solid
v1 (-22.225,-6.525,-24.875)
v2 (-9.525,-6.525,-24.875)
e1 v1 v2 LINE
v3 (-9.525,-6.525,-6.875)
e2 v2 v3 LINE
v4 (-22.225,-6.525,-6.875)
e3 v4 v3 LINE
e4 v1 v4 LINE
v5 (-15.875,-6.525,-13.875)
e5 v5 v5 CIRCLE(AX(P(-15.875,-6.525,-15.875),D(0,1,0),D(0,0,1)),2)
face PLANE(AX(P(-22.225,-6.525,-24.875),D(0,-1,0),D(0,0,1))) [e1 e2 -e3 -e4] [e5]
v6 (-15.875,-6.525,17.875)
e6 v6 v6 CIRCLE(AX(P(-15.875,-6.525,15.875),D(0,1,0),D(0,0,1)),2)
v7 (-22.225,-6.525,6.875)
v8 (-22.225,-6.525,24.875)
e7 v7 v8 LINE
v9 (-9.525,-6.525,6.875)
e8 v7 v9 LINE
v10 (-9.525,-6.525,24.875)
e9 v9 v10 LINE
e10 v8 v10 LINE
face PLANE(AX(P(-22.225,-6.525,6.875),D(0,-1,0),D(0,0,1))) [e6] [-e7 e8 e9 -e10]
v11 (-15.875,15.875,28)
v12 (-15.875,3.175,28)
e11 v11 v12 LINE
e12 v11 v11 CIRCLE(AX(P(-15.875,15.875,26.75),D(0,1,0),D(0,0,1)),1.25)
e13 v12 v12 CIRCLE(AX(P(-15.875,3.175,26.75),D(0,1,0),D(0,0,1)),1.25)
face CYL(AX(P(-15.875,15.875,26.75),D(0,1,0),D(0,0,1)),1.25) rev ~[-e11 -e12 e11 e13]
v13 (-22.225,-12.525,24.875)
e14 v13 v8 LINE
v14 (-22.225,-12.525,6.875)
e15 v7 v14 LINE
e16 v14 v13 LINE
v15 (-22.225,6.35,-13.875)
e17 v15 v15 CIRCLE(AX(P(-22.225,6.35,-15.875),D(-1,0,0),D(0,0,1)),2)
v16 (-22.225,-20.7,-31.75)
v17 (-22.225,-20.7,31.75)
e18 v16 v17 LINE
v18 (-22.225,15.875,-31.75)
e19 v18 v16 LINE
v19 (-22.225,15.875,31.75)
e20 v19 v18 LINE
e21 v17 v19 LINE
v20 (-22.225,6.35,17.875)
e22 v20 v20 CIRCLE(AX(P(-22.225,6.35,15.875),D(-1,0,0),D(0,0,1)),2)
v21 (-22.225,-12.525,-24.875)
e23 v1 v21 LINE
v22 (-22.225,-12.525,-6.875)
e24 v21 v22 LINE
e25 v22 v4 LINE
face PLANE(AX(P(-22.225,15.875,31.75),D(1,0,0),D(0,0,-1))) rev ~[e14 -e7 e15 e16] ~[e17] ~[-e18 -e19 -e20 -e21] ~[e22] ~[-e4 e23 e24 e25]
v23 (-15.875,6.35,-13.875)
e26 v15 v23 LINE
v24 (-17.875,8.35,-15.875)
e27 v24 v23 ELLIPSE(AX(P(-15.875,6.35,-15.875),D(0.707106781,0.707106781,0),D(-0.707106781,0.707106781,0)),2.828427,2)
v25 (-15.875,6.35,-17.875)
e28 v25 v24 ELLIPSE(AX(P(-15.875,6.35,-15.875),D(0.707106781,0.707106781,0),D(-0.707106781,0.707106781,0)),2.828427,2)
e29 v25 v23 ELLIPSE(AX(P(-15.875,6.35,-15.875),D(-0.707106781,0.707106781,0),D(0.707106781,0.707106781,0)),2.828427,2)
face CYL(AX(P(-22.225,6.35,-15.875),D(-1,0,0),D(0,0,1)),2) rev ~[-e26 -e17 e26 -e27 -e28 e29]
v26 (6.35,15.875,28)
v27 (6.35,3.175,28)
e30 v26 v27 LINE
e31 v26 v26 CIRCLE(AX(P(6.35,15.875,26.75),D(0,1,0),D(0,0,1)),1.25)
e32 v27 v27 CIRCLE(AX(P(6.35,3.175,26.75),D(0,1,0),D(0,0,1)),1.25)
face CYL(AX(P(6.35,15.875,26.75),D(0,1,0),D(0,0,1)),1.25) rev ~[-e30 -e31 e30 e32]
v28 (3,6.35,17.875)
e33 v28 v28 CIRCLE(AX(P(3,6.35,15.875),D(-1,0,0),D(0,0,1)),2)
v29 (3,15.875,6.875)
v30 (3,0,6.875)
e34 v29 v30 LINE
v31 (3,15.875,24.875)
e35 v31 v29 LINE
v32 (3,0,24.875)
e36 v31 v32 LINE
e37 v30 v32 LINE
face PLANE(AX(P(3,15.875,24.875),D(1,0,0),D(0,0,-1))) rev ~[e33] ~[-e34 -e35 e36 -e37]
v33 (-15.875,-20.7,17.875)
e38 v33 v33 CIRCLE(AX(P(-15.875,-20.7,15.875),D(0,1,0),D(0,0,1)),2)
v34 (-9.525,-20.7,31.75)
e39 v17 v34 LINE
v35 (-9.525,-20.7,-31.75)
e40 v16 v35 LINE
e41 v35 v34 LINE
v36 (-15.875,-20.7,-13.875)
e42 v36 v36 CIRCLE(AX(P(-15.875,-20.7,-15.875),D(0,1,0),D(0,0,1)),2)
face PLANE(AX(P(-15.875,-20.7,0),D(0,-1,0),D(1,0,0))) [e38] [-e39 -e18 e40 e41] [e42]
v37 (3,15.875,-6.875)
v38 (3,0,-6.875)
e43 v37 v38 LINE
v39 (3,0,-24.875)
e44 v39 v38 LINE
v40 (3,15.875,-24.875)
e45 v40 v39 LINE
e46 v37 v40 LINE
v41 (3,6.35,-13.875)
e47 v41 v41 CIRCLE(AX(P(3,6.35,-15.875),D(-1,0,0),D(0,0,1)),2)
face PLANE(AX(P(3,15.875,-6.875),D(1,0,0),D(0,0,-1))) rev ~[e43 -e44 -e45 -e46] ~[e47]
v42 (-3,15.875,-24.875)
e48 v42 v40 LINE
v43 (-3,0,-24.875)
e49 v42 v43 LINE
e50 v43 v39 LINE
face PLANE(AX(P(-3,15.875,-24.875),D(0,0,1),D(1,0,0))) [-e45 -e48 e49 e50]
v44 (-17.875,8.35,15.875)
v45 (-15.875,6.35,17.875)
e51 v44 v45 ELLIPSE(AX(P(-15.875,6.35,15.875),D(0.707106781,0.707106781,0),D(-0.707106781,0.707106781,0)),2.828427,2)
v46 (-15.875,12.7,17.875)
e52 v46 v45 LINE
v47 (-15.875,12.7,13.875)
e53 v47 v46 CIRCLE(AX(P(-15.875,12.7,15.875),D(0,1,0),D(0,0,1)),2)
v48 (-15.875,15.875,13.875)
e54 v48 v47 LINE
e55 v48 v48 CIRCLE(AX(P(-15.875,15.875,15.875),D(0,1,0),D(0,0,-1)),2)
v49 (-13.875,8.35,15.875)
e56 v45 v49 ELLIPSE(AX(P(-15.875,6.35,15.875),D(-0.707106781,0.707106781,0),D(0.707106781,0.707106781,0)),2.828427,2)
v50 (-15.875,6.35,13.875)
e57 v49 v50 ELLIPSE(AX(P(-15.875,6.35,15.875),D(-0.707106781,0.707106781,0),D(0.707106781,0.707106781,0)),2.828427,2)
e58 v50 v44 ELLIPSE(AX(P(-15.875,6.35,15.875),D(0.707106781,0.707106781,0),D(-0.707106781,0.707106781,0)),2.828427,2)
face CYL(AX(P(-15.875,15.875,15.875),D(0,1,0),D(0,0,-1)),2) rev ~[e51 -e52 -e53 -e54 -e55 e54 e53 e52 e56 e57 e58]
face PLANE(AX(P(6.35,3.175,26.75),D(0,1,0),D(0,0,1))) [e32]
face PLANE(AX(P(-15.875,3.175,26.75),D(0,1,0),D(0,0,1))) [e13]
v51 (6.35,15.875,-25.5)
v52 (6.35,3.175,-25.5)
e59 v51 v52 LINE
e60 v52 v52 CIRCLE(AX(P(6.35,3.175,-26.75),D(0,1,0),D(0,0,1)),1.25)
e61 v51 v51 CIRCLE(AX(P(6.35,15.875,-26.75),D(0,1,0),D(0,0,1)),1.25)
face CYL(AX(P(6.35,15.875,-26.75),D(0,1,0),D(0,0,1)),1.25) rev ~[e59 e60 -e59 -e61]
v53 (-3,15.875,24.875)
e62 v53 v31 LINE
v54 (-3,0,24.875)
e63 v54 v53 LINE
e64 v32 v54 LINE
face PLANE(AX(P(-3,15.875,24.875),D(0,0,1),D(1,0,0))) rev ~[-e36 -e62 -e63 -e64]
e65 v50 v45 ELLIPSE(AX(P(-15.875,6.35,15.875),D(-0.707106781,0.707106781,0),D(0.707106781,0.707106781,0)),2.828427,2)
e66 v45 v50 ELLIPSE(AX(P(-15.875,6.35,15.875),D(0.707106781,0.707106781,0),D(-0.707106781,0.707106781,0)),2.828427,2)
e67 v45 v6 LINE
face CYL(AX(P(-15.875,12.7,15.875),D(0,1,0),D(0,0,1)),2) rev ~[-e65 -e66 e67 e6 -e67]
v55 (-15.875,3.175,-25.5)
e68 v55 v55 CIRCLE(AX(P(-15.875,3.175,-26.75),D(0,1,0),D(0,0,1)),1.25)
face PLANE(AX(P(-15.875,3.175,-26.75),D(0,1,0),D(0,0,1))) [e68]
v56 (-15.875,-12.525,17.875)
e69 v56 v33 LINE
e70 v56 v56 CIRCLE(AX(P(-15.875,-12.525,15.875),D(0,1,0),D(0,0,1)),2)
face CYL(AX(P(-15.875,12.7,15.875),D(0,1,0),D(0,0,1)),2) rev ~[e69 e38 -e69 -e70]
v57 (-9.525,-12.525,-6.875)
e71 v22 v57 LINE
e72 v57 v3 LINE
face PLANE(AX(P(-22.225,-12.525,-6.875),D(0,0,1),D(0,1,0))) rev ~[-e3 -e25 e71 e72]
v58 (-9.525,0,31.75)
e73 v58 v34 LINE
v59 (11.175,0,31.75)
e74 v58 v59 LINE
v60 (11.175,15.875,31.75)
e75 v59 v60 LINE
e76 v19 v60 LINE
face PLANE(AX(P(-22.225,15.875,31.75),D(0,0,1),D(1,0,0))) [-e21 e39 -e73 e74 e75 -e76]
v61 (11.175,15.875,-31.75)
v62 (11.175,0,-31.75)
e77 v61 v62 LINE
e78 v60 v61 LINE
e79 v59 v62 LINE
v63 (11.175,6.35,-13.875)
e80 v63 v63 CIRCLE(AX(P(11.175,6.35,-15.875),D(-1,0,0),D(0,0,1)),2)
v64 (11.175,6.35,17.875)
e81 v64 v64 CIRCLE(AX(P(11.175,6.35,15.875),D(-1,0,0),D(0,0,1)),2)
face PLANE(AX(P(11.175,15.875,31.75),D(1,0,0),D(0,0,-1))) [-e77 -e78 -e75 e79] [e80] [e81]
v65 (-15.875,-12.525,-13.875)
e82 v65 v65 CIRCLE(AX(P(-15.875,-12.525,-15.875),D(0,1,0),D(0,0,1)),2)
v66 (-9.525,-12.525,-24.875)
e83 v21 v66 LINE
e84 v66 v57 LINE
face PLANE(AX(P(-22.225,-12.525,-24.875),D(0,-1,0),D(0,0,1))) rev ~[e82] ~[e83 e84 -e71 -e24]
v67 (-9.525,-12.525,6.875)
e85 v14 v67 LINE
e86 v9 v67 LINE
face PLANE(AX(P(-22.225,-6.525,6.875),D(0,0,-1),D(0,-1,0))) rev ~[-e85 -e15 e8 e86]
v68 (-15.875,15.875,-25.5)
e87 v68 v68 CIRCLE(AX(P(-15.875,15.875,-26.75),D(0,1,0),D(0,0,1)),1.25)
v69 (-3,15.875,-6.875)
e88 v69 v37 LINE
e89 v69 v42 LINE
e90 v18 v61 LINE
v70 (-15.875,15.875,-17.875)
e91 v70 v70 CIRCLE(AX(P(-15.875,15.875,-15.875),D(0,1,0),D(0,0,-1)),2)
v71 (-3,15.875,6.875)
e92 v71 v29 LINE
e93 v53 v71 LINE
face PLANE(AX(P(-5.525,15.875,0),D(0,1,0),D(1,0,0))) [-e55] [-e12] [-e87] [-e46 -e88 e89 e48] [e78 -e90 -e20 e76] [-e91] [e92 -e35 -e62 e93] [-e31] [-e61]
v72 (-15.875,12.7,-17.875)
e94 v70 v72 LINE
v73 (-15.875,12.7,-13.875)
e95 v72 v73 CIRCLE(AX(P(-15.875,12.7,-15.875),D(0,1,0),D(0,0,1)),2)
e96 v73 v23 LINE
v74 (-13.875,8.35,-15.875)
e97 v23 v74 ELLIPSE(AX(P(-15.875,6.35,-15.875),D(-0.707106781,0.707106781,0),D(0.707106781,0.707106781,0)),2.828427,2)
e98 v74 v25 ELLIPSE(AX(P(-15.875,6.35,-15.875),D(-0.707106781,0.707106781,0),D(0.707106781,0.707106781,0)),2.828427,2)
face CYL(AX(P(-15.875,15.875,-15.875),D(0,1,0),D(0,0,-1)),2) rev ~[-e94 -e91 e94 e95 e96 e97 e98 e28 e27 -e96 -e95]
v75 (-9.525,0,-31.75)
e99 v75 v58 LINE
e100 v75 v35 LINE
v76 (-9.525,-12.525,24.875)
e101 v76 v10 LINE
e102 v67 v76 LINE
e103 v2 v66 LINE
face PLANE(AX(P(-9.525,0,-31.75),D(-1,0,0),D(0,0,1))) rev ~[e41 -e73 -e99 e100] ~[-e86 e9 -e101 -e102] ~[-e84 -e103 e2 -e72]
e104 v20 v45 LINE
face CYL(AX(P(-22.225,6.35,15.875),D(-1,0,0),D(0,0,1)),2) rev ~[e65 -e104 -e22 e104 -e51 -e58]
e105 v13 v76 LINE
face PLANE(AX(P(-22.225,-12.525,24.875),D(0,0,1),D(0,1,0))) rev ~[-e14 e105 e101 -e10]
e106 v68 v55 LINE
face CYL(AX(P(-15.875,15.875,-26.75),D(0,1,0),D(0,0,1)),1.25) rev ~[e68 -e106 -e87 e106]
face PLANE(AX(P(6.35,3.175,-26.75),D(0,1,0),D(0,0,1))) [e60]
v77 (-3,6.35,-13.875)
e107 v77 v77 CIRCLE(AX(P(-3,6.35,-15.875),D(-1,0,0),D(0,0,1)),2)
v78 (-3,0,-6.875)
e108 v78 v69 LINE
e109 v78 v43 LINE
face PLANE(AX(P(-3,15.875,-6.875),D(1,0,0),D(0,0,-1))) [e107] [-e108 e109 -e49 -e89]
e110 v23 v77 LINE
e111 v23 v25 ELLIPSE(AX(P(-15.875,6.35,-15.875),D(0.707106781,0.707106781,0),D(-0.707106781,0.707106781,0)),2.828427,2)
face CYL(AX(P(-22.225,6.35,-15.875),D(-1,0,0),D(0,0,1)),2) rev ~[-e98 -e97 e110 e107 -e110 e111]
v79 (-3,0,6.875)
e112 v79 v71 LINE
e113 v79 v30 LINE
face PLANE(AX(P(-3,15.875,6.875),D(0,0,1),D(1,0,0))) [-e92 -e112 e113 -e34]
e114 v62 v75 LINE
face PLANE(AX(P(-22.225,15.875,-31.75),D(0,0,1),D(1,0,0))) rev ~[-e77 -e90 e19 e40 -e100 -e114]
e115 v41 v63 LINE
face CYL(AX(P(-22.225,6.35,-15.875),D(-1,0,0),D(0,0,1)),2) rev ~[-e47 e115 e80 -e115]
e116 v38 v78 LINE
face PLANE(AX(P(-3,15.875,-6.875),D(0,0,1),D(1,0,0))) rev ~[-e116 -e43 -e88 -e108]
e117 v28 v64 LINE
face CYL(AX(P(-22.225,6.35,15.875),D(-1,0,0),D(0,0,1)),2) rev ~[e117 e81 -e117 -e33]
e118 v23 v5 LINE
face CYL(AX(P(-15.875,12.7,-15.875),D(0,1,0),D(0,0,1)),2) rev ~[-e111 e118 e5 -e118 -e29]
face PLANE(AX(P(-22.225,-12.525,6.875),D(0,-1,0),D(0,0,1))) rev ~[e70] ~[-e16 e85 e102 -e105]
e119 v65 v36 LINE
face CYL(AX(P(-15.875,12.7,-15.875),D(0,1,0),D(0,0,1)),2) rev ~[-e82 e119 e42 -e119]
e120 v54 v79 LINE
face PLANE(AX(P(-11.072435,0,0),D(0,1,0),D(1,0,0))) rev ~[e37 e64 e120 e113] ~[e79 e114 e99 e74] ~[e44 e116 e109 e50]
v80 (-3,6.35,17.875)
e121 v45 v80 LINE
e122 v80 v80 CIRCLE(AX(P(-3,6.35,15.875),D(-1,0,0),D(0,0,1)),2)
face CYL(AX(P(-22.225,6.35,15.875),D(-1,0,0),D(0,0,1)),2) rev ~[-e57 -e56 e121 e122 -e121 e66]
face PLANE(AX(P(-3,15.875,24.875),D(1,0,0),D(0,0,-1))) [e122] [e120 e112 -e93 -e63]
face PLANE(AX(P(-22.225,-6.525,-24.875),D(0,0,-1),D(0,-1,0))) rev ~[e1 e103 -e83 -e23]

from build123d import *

# Parameters (mm, degrees)
BOSS_EXTRUDE1_DEPTH = 12.7
SKETCH2_W           = 12.7
SKETCH2_H           = 63.5
BOSS_EXTRUDE2_DEPTH = 31.75
SKETCH3_W           = 18
SKETCH3_H           = 3
CUT_EXTRUDE1_DEPTH  = 19.05
SKETCH4_R           = 2
CUT_EXTRUDE2_DEPTH  = 59.973007597
SKETCH5_R           = 2
CUT_EXTRUDE3_DEPTH  = 64.181702256
SKETCH6_W           = 63.5
SKETCH6_H           = 12.7
CUT_EXTRUDE4_DEPTH  = 11.05
SKETCH7_W           = 12.7
SKETCH7_H           = 63.5
CUT_EXTRUDE5_DEPTH  = 11.05
BOSS_EXTRUDE3_START = 3.175
SKETCH8_W           = 33.4
SKETCH8_H           = 63.5
SKETCH8_R           = 2
SKETCH8_W_2         = 6
SKETCH8_H_2         = 18
BOSS_EXTRUDE3_DEPTH = 3.175
SKETCH9_R           = 1.25
CUT_EXTRUDE6_DEPTH  = 12.7


with BuildPart() as part:
    # Sketch1 → Boss-Extrude1 (new body)
    with BuildSketch(Plane(origin=(0, 0, 0), x_dir=(1, 0, 0), z_dir=(0, 1, 0))):
        Polygon((-22.225, 31.75), (-22.225, -31.75), (0, -31.75), (0, -24.875), (-3, -24.875), (-3, -6.875), (0, -6.875), (0, 0), (0, 6.875), (-3, 6.875), (-3, 24.875), (0, 24.875), (0, 31.75), align=None)
        Polygon((0, -24.875), (0, -31.75), (22.225, -31.75), (22.225, 31.75), (0, 31.75), (0, 24.875), (3, 24.875), (3, 6.875), (0, 6.875), (0, 0), (0, -6.875), (3, -6.875), (3, -24.875), align=None)
    extrude(amount=BOSS_EXTRUDE1_DEPTH)

    # Sketch2 → Boss-Extrude2 (add)
    with BuildSketch(Plane.XZ):
        with Locations((-15.875, 0)):
            Rectangle(SKETCH2_W, SKETCH2_H)
    extrude(amount=BOSS_EXTRUDE2_DEPTH)

    # Sketch3 → Cut-Extrude1 (cut)
    with BuildSketch(Plane.ZY.offset(22.225)):
        with Locations((-15.875, -8.025)):
            Rectangle(SKETCH3_W, SKETCH3_H)
        with Locations((-15.875, -11.025)):
            Rectangle(SKETCH3_W, SKETCH3_H)
        with Locations((15.875, -8.025)):
            Rectangle(SKETCH3_W, SKETCH3_H)
        with Locations((15.875, -11.025)):
            Rectangle(SKETCH3_W, SKETCH3_H)
    extrude(amount=-CUT_EXTRUDE1_DEPTH, mode=Mode.SUBTRACT)

    # Sketch4 → Cut-Extrude2 (cut, through all)
    with BuildSketch(Plane(origin=(0, 12.7, 0), x_dir=(1, 0, 0), z_dir=(0, 1, 0))):
        with Locations(Location((-15.875, 15.875, 0), (0, 0, 270))):
            Circle(SKETCH4_R)
        with Locations(Location((-15.875, -15.875, 0), (0, 0, 270))):
            Circle(SKETCH4_R)
    extrude(amount=-CUT_EXTRUDE2_DEPTH, mode=Mode.SUBTRACT)

    # Sketch5 → Cut-Extrude3 (cut, through all)
    with BuildSketch(Plane.ZY.offset(22.225)):
        with Locations((-15.875, 6.35)):
            Circle(SKETCH5_R)
        with Locations((15.875, 6.35)):
            Circle(SKETCH5_R)
    extrude(amount=-CUT_EXTRUDE3_DEPTH, mode=Mode.SUBTRACT)

    # Sketch6 → Cut-Extrude4 (cut)
    with BuildSketch(Plane(origin=(22.225, 0, 0), x_dir=(0, 0, -1), z_dir=(1, 0, 0))):
        with Locations((0, 6.35)):
            Rectangle(SKETCH6_W, SKETCH6_H)
    extrude(amount=-CUT_EXTRUDE4_DEPTH, mode=Mode.SUBTRACT)

    # Sketch7 → Cut-Extrude5 (cut)
    with BuildSketch(Plane.XZ.offset(31.75)):
        with Locations((-15.875, 0)):
            Rectangle(SKETCH7_W, SKETCH7_H)
    extrude(amount=-CUT_EXTRUDE5_DEPTH, mode=Mode.SUBTRACT)

    # Sketch8 → Boss-Extrude3 (add)
    with BuildSketch(Plane(origin=(0, 12.7, 0), x_dir=(1, 0, 0), z_dir=(0, 1, 0)).offset(BOSS_EXTRUDE3_START)):
        with Locations((-5.525, 0)):
            Rectangle(SKETCH8_W, SKETCH8_H)
        with Locations(Location((-15.875, 15.875, 0), (0, 0, 90))):
            Circle(SKETCH8_R, mode=Mode.SUBTRACT)
        with Locations(Location((-15.875, -15.875, 0), (0, 0, 90))):
            Circle(SKETCH8_R, mode=Mode.SUBTRACT)
        with Locations((0, -15.875)):
            Rectangle(SKETCH8_W_2, SKETCH8_H_2, mode=Mode.SUBTRACT)
        with Locations((0, 15.875)):
            Rectangle(SKETCH8_W_2, SKETCH8_H_2, mode=Mode.SUBTRACT)
    extrude(amount=-BOSS_EXTRUDE3_DEPTH)

    # Sketch9 → Cut-Extrude6 (cut)
    with BuildSketch(Plane(origin=(0, 15.875, 0), x_dir=(1, 0, 0), z_dir=(0, 1, 0))):
        with Locations(Location((-15.875, 26.75, 0), (0, 0, 270))):
            Circle(SKETCH9_R)
        with Locations(Location((-15.875, -26.75, 0), (0, 0, 270))):
            Circle(SKETCH9_R)
        with Locations(Location((6.35, 26.75, 0), (0, 0, 270))):
            Circle(SKETCH9_R)
        with Locations(Location((6.35, -26.75, 0), (0, 0, 270))):
            Circle(SKETCH9_R)
    extrude(amount=-CUT_EXTRUDE6_DEPTH, mode=Mode.SUBTRACT)


solid = part.part
